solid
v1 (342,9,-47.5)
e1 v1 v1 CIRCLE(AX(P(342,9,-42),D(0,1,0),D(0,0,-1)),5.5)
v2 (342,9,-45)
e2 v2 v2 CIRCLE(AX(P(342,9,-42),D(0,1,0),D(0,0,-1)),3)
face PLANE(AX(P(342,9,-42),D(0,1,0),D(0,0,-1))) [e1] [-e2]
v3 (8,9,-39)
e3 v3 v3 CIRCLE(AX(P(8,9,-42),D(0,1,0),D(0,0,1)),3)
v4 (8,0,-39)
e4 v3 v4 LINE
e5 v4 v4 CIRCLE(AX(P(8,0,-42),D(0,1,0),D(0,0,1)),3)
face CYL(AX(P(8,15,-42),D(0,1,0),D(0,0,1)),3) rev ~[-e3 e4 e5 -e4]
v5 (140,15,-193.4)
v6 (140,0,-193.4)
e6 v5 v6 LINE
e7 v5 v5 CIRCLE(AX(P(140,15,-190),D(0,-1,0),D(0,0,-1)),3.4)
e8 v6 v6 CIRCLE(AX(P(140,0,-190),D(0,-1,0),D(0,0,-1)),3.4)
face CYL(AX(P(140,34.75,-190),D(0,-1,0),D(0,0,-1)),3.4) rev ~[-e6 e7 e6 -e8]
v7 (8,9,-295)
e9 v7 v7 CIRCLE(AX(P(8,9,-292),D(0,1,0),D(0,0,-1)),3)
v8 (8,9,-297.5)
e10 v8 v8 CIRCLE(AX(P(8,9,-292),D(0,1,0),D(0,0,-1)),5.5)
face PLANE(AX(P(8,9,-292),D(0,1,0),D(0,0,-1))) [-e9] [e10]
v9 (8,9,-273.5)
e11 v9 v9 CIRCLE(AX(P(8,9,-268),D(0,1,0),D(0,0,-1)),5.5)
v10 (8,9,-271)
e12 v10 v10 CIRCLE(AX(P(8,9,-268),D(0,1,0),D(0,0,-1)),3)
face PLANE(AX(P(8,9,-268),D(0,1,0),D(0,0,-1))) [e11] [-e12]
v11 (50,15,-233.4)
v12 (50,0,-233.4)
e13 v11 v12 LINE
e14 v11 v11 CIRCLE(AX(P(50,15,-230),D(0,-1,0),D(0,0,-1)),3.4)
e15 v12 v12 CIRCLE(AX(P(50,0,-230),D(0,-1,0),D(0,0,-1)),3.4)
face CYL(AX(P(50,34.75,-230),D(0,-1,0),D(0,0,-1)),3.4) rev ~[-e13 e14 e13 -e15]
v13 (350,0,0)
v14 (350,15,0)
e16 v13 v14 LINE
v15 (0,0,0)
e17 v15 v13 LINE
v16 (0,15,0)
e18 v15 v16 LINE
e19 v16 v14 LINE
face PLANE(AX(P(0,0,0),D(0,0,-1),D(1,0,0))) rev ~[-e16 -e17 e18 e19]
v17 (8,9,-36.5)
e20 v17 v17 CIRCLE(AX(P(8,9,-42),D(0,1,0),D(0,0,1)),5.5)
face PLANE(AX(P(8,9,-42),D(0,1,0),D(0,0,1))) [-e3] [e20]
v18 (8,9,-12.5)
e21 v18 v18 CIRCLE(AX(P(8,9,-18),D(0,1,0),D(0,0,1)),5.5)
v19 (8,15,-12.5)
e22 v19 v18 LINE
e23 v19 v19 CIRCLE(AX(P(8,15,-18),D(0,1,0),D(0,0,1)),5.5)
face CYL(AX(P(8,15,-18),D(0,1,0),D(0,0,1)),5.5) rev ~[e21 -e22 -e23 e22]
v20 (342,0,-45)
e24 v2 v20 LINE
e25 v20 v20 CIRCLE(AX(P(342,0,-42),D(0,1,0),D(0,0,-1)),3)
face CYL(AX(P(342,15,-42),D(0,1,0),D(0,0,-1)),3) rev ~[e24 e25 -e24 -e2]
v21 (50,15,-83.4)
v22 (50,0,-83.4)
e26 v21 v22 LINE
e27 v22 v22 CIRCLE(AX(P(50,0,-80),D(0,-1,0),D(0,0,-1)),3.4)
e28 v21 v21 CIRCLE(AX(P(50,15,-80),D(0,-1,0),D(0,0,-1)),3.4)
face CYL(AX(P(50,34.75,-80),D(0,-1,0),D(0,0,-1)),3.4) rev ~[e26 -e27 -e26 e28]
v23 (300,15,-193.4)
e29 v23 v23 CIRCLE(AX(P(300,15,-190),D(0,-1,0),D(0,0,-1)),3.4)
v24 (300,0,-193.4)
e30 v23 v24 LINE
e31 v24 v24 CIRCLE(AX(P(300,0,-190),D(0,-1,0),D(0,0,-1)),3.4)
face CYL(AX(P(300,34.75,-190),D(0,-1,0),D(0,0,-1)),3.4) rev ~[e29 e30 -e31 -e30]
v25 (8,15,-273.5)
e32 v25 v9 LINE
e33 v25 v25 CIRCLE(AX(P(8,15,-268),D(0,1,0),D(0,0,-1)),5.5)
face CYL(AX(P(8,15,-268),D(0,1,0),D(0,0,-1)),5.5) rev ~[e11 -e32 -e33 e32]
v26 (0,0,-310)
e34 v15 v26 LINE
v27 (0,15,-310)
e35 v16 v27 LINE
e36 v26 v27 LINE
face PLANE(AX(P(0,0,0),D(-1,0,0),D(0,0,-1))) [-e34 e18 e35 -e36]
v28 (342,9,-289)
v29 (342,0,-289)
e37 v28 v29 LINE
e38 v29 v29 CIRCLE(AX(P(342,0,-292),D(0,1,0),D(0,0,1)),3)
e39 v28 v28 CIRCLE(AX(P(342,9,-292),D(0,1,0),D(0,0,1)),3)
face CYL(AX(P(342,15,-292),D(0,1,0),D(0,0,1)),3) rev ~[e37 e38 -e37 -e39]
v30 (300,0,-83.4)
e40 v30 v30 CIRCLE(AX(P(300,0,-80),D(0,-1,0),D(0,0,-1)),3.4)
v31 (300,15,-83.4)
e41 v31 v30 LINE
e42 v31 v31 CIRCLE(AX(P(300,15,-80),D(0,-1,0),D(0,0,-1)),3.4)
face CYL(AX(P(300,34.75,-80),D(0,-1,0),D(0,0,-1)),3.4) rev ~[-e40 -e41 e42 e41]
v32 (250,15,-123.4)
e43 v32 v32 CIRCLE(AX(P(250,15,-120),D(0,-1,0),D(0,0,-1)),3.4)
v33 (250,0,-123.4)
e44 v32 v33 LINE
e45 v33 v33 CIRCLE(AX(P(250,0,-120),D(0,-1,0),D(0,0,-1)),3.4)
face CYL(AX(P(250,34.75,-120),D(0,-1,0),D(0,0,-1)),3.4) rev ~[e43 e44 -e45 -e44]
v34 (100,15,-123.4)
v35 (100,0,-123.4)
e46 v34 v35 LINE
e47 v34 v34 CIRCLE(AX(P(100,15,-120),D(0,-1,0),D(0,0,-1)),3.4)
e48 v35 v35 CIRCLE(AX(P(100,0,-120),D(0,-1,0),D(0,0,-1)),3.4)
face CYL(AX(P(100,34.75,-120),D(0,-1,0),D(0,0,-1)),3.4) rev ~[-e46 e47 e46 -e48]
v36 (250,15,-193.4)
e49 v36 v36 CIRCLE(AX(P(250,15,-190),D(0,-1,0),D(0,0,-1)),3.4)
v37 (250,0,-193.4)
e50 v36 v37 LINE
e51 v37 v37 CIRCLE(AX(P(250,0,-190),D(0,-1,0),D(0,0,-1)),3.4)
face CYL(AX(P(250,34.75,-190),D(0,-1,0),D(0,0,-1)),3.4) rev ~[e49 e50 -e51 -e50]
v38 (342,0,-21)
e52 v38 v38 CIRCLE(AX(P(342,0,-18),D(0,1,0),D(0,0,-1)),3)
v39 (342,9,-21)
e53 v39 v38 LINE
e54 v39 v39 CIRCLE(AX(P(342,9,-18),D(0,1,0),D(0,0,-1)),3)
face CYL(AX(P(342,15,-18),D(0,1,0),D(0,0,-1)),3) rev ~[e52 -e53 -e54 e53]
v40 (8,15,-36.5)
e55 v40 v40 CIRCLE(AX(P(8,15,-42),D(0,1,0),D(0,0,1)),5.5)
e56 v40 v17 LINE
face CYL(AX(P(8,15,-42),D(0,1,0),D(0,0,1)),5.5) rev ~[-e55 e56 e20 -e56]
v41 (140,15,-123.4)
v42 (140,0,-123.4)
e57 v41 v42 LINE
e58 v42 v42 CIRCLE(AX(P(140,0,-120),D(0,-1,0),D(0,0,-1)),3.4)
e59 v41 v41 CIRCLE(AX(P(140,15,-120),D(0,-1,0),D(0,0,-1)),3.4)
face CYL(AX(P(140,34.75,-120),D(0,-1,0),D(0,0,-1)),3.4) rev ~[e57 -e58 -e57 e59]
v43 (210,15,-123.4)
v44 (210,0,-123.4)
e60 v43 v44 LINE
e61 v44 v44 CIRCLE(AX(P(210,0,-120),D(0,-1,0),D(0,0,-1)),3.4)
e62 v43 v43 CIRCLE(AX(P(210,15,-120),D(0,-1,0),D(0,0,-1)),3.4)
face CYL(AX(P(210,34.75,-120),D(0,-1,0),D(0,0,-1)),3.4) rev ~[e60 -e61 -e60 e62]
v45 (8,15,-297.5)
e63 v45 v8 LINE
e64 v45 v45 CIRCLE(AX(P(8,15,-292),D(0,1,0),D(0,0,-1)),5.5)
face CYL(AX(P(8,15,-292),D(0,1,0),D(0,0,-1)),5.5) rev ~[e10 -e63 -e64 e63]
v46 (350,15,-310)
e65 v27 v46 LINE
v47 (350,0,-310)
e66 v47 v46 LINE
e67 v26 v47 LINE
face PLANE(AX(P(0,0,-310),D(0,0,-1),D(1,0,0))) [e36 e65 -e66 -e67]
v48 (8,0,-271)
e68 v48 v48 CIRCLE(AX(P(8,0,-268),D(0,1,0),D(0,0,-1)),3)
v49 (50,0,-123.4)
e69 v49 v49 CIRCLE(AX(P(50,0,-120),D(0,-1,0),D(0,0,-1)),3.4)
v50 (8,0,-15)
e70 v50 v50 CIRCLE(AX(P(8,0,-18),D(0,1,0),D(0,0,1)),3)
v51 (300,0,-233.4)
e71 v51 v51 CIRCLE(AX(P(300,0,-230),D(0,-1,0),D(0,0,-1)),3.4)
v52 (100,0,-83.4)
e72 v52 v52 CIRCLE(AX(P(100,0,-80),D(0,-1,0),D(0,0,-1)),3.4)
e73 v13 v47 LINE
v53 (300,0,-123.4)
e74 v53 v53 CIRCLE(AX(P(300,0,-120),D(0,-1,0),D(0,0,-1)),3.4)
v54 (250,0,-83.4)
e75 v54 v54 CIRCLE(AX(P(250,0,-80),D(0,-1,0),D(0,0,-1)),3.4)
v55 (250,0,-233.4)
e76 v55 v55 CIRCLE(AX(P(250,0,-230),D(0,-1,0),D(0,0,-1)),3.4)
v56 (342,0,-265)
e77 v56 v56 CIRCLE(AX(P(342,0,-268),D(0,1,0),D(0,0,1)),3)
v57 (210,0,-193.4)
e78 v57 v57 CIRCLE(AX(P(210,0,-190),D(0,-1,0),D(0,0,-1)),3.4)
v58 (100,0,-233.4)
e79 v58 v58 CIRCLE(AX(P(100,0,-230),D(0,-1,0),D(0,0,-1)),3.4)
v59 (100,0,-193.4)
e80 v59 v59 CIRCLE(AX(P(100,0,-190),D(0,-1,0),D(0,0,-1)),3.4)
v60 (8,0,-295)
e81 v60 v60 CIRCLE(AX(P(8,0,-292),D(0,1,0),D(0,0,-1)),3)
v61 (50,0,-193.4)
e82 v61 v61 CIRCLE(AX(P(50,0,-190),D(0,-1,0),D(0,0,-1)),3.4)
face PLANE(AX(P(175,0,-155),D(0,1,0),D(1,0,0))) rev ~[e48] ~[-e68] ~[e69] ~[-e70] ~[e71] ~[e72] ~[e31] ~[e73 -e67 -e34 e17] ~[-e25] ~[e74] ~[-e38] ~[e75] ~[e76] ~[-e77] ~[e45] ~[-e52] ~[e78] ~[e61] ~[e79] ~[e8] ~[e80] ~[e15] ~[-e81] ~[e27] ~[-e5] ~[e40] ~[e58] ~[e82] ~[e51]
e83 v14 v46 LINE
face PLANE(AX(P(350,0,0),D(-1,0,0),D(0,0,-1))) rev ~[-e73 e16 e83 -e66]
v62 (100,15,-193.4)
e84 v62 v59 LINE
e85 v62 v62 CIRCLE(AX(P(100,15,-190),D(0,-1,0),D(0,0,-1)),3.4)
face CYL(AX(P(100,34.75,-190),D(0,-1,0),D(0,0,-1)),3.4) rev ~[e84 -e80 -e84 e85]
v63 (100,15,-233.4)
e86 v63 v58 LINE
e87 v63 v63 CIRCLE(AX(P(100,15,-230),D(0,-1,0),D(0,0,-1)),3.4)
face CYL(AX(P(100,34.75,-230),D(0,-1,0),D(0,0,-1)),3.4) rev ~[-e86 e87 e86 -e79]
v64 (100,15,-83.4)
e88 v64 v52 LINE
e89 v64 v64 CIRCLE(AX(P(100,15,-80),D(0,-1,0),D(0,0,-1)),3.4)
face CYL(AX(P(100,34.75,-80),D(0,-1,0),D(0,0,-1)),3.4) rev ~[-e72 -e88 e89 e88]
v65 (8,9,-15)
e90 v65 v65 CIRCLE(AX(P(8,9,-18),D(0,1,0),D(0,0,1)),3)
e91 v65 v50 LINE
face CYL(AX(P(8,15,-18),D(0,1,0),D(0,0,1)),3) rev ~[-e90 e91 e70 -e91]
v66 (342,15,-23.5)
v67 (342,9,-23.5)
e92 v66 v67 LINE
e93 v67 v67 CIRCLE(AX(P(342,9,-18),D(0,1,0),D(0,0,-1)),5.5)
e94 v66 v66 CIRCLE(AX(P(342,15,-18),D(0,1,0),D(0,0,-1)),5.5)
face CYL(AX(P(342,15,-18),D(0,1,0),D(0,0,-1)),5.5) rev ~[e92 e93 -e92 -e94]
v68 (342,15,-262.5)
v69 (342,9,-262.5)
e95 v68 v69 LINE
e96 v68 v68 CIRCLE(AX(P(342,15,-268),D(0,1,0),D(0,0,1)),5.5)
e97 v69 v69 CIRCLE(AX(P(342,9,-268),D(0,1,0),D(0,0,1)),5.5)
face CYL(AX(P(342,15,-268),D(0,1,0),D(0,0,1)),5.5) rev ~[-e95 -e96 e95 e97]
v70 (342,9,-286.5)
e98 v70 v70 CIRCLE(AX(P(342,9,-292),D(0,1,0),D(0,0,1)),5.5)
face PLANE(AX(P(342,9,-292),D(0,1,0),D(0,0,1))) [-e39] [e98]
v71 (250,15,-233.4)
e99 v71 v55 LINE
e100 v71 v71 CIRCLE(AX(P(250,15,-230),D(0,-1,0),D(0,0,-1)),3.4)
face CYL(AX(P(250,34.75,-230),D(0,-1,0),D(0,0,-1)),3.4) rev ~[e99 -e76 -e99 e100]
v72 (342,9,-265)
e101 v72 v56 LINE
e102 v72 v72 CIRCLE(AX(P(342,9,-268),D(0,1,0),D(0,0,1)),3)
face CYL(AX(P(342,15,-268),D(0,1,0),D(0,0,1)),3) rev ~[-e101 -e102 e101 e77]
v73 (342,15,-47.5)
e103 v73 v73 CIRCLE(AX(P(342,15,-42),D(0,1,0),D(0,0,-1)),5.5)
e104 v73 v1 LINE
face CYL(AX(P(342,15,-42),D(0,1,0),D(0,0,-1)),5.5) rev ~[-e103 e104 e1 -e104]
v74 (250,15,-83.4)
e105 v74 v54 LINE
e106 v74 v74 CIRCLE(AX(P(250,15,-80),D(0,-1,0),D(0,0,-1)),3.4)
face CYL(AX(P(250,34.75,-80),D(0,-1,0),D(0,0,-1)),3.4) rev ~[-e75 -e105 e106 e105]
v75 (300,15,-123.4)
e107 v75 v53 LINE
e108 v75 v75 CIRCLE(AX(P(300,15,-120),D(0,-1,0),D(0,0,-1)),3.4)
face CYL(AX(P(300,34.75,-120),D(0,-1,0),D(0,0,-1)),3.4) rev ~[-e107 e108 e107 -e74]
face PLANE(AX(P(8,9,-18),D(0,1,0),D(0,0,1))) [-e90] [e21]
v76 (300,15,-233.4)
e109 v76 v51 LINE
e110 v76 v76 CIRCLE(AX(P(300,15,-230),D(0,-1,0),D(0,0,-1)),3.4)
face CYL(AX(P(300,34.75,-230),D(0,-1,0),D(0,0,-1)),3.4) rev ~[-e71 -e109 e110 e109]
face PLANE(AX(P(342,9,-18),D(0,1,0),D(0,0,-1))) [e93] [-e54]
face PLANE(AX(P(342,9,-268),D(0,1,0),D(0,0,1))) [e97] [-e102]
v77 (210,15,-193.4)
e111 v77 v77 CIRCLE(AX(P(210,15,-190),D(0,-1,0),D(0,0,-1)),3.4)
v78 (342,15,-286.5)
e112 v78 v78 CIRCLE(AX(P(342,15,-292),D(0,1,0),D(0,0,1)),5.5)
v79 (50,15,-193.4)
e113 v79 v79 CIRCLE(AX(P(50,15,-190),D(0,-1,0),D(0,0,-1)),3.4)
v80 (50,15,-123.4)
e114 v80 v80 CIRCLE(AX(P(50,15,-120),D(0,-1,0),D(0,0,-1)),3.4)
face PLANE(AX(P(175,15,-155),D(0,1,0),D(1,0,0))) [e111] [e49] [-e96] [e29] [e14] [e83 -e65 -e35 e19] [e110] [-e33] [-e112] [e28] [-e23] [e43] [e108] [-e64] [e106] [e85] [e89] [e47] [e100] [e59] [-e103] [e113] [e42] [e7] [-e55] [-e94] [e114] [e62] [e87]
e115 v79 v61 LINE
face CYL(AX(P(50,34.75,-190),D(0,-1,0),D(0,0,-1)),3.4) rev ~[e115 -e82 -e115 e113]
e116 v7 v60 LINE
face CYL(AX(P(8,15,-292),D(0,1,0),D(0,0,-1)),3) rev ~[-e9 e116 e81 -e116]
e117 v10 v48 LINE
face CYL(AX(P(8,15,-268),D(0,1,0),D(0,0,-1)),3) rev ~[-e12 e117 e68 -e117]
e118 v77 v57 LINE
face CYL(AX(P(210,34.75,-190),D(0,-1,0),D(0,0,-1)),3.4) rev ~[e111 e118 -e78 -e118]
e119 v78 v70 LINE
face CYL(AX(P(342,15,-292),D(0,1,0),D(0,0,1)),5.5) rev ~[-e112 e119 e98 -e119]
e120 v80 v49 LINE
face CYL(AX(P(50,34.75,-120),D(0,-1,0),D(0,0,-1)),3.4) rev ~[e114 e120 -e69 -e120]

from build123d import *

# Parameters (mm, degrees)
SKETCH_2_W             = 350
SKETCH_2_H             = 310
EXTRUDE_1_DEPTH        = 15
SKETCH_3_R             = 3
CUT_EXTRUDE_1_DEPTH    = 468.787344848
SKETCH_4_R             = 5.5
CUT_EXTRUDE_2_DEPTH    = 6
HOLE_WIZARD_M8_1_D     = 6.8
HOLE_WIZARD_M8_1_DEPTH = 19.75
HOLE_WIZARD_M8_1_TIP   = 2.042926105


with BuildPart() as part:
    # 草图2 → 凸台-拉伸1 (new body)
    with BuildSketch(Plane(origin=(0, 0, 0), x_dir=(1, 0, 0), z_dir=(0, 1, 0))):
        with Locations((175, 155)):
            Rectangle(SKETCH_2_W, SKETCH_2_H)
    extrude(amount=EXTRUDE_1_DEPTH)

    # 草图3 → 切除-拉伸1 (cut, through all)
    with BuildSketch(Plane(origin=(0, 15, 0), x_dir=(1, 0, 0), z_dir=(0, 1, 0))):
        with Locations(Location((342, 292, 0), (0, 0, 270))):
            Circle(SKETCH_3_R)
        with Locations(Location((342, 268, 0), (0, 0, 270))):
            Circle(SKETCH_3_R)
        with Locations(Location((342, 42, 0), (0, 0, 90))):
            Circle(SKETCH_3_R)
        with Locations(Location((342, 18, 0), (0, 0, 90))):
            Circle(SKETCH_3_R)
        with Locations(Location((8, 18, 0), (0, 0, 270))):
            Circle(SKETCH_3_R)
        with Locations(Location((8, 42, 0), (0, 0, 270))):
            Circle(SKETCH_3_R)
        with Locations(Location((8, 268, 0), (0, 0, 90))):
            Circle(SKETCH_3_R)
        with Locations(Location((8, 292, 0), (0, 0, 90))):
            Circle(SKETCH_3_R)
    extrude(amount=-CUT_EXTRUDE_1_DEPTH, mode=Mode.SUBTRACT)

    # 草图4 → 切除-拉伸2 (cut)
    with BuildSketch(Plane(origin=(0, 15, 0), x_dir=(1, 0, 0), z_dir=(0, 1, 0))):
        with Locations(Location((342, 292, 0), (0, 0, 270))):
            Circle(SKETCH_4_R)
        with Locations(Location((342, 268, 0), (0, 0, 270))):
            Circle(SKETCH_4_R)
        with Locations(Location((342, 42, 0), (0, 0, 90))):
            Circle(SKETCH_4_R)
        with Locations(Location((342, 18, 0), (0, 0, 90))):
            Circle(SKETCH_4_R)
        with Locations(Location((8, 18, 0), (0, 0, 270))):
            Circle(SKETCH_4_R)
        with Locations(Location((8, 42, 0), (0, 0, 270))):
            Circle(SKETCH_4_R)
        with Locations(Location((8, 268, 0), (0, 0, 90))):
            Circle(SKETCH_4_R)
        with Locations(Location((8, 292, 0), (0, 0, 90))):
            Circle(SKETCH_4_R)
    extrude(amount=-CUT_EXTRUDE_2_DEPTH, mode=Mode.SUBTRACT)

    # M8 螺纹孔1
    with Locations(Plane(origin=(50, 15, -230), x_dir=(0, 0, 1), z_dir=(0, 1, 0))):
        with Locations((0, 0), (0, 50), (40, 0), (40, 50), (40, 90), (40, 160), (0, 200), (0, 250), (40, 250), (40, 200), (110, 0), (110, 50), (110, 90), (110, 160), (110, 200), (110, 250), (150, 250), (150, 200), (150, 50), (150, 0)):
            Hole(HOLE_WIZARD_M8_1_D / 2, depth=HOLE_WIZARD_M8_1_DEPTH)
            with Locations((0, 0, -(HOLE_WIZARD_M8_1_DEPTH + HOLE_WIZARD_M8_1_TIP / 2))):  # 118° drill point
                Cone(0, HOLE_WIZARD_M8_1_D / 2, HOLE_WIZARD_M8_1_TIP, mode=Mode.SUBTRACT)


solid = part.part
